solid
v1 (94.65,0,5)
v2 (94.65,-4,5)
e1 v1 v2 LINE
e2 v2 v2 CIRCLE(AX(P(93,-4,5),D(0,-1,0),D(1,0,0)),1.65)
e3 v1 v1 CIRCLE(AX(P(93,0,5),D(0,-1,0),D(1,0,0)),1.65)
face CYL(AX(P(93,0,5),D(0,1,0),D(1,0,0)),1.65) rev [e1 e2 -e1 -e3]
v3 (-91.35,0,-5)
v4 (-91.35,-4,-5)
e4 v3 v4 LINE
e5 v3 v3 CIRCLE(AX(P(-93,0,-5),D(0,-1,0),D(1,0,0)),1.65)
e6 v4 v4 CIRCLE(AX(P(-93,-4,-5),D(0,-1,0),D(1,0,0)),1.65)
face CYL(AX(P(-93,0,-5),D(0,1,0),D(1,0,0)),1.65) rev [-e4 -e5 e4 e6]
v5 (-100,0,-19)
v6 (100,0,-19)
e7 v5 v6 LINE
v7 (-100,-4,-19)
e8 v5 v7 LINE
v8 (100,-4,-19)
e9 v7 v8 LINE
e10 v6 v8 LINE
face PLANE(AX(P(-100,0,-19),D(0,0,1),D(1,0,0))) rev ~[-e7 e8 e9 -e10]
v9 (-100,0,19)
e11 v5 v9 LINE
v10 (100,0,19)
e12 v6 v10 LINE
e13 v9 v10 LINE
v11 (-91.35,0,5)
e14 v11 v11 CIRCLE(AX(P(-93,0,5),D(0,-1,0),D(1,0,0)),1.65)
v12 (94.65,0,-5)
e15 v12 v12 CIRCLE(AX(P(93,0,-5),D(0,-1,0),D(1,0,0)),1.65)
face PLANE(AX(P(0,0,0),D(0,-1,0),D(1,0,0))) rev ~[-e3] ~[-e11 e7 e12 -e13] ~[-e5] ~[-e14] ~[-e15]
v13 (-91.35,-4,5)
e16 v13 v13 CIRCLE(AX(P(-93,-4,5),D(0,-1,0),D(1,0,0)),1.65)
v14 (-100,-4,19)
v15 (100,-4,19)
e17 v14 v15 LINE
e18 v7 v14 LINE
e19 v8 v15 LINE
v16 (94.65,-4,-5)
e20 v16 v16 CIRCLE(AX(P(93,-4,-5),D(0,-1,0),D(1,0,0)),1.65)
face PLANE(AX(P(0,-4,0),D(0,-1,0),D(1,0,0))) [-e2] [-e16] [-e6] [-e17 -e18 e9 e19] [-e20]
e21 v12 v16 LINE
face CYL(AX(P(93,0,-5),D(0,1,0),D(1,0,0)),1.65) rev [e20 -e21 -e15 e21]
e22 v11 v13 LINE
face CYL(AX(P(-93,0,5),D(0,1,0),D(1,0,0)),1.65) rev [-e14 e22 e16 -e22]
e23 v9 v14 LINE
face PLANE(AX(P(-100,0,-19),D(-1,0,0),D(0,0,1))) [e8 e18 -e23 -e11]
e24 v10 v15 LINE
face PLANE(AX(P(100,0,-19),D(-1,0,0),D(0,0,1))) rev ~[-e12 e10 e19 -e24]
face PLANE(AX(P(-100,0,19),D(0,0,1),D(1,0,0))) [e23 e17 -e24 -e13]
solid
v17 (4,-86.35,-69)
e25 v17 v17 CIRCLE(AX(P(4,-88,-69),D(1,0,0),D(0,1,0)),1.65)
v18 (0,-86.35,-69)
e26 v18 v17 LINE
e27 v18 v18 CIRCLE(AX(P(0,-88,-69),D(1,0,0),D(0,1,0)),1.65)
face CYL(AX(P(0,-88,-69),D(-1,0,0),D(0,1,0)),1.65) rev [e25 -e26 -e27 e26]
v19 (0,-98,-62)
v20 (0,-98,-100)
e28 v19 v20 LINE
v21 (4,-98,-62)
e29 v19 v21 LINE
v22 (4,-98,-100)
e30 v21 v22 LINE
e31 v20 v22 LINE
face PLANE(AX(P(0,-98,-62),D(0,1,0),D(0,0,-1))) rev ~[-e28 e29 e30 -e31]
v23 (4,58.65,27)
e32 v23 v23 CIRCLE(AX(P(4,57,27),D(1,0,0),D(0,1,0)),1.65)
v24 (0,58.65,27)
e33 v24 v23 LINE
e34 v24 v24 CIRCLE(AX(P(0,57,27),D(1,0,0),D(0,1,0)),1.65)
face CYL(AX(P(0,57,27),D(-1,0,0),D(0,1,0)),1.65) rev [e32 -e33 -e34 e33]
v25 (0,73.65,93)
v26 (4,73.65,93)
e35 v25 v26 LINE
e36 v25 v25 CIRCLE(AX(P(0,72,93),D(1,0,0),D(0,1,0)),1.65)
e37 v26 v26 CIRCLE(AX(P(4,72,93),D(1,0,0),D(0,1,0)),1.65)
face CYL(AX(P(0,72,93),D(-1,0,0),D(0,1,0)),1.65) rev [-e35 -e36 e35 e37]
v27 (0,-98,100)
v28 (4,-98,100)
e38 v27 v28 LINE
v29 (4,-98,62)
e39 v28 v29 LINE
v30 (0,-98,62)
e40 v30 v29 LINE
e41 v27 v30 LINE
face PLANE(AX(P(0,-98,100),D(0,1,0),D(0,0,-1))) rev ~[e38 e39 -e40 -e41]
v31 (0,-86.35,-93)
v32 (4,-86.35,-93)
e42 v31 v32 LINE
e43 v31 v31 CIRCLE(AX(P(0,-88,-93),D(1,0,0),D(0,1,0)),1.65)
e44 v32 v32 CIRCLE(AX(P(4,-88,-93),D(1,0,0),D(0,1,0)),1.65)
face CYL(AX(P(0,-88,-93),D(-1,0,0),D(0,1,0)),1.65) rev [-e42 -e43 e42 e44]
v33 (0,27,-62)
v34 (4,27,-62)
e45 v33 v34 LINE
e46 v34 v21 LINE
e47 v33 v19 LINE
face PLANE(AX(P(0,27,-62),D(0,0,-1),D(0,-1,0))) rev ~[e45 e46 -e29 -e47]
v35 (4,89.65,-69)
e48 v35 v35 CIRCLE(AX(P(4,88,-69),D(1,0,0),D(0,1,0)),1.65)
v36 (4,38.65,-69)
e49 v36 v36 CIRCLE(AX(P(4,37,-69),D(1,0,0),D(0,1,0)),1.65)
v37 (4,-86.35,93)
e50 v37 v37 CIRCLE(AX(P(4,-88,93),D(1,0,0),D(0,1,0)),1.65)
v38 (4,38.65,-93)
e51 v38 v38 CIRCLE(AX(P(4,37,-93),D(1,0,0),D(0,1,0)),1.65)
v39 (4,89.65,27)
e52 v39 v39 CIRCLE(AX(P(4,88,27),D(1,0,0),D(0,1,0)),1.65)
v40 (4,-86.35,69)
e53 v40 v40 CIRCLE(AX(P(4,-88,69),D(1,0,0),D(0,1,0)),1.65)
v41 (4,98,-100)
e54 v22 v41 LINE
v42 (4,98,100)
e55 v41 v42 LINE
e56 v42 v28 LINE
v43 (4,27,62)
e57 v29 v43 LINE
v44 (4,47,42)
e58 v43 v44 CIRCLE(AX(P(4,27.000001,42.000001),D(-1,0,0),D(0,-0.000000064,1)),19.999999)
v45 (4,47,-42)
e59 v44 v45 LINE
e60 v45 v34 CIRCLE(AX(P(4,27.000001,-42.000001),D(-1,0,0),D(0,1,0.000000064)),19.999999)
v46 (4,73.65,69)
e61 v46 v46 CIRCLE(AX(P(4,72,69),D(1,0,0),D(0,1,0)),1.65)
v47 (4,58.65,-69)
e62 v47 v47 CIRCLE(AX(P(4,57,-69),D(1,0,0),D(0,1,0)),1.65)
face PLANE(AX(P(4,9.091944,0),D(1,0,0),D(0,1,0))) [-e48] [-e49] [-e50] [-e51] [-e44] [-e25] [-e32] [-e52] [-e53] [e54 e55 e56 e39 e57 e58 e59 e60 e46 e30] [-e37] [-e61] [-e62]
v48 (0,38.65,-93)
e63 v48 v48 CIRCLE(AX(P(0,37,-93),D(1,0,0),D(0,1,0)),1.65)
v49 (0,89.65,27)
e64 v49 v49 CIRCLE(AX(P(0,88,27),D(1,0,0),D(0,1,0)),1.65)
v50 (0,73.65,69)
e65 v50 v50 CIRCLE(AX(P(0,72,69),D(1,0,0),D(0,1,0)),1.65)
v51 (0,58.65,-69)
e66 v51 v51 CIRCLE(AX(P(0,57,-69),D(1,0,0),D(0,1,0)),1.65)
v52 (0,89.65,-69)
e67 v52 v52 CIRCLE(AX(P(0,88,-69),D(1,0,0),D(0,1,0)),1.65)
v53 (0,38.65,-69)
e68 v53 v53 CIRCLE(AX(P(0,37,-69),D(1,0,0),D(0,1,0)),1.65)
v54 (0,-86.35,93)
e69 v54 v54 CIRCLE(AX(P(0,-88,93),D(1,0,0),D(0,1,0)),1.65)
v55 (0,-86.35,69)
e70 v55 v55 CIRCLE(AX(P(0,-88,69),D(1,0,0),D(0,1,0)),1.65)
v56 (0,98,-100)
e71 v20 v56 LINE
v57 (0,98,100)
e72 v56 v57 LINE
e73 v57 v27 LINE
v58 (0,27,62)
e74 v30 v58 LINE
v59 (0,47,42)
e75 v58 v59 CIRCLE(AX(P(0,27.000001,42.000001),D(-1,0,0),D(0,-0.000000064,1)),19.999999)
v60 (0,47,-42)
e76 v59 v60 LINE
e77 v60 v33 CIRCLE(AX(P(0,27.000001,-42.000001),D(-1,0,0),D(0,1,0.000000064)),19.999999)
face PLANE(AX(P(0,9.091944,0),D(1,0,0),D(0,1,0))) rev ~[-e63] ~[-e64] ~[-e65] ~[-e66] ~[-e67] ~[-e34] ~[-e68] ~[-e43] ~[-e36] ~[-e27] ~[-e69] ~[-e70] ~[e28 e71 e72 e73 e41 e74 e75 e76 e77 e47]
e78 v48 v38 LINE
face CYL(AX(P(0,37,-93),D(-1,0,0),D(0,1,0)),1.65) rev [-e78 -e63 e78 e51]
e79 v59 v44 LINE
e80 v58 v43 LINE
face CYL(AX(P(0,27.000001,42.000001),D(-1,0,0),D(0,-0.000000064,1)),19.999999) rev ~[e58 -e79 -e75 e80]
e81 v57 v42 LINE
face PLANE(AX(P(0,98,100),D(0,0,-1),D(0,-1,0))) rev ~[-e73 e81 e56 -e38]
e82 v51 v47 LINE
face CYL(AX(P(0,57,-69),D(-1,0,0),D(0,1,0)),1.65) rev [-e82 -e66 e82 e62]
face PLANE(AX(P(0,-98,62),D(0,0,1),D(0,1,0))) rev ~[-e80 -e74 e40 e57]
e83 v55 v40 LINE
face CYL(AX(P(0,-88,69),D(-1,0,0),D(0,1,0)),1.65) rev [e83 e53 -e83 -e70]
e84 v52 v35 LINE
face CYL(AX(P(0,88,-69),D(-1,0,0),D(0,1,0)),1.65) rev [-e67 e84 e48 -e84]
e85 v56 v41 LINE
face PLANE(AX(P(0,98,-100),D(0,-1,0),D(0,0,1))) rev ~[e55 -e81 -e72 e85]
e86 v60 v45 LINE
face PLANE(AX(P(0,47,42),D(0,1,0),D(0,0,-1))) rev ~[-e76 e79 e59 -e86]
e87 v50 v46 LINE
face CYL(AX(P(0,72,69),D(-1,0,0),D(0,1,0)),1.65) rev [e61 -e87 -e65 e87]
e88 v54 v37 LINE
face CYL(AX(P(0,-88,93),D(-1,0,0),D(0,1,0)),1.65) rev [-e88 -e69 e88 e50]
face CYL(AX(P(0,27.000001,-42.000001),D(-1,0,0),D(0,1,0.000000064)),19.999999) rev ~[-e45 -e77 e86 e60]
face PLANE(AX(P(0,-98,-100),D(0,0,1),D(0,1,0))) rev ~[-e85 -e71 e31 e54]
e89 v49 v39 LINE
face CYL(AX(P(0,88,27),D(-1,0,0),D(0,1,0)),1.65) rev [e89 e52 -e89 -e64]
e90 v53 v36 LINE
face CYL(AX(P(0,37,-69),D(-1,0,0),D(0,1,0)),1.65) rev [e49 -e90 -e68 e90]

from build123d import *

# Parameters (mm, degrees)
F0_W     = 200
F0_H     = 38
F0_R     = 1.65
F1_DEPTH = 4
F2_R     = 1.65
F3_DEPTH = 4


with BuildPart() as f1:
    # F0 (on Front) → F1 (new body)
    with BuildSketch(Plane.XZ):
        Rectangle(F0_W, F0_H)
        with Locations((-93, -5)):
            Circle(F0_R, mode=Mode.SUBTRACT)
        with Locations((-93, 5)):
            Circle(F0_R, mode=Mode.SUBTRACT)
        with Locations((93, -5)):
            Circle(F0_R, mode=Mode.SUBTRACT)
        with Locations((93, 5)):
            Circle(F0_R, mode=Mode.SUBTRACT)
    extrude(amount=F1_DEPTH)


with BuildPart() as f3:
    # F2 (on Right) → F3 (new body)
    with BuildSketch(Plane.YZ):
        with BuildLine():
            Line((98, -100), (98, 100))
            Line((98, 100), (-98, 100))
            Line((-98, 100), (-98, 62))
            Line((-98, 62), (27, 62))
            ThreePointArc((27, 62), (41.142136, 56.142136), (47, 42))
            Line((47, 42), (47, -42))
            ThreePointArc((47, -42), (41.142136, -56.142136), (27, -62))
            Line((27, -62), (-98, -62))
            Line((-98, -62), (-98, -100))
            Line((-98, -100), (98, -100))
        make_face()
        with Locations((-88, -93)):
            Circle(F2_R, mode=Mode.SUBTRACT)
        with Locations((-88, -69)):
            Circle(F2_R, mode=Mode.SUBTRACT)
        with Locations((37, -93)):
            Circle(F2_R, mode=Mode.SUBTRACT)
        with Locations((37, -69)):
            Circle(F2_R, mode=Mode.SUBTRACT)
        with Locations((57, -69)):
            Circle(F2_R, mode=Mode.SUBTRACT)
        with Locations((88, -69)):
            Circle(F2_R, mode=Mode.SUBTRACT)
        with Locations((-88, 69)):
            Circle(F2_R, mode=Mode.SUBTRACT)
        with Locations((-88, 93)):
            Circle(F2_R, mode=Mode.SUBTRACT)
        with Locations((57, 27)):
            Circle(F2_R, mode=Mode.SUBTRACT)
        with Locations((88, 27)):
            Circle(F2_R, mode=Mode.SUBTRACT)
        with Locations((72, 69)):
            Circle(F2_R, mode=Mode.SUBTRACT)
        with Locations((72, 93)):
            Circle(F2_R, mode=Mode.SUBTRACT)
    extrude(amount=F3_DEPTH)


solid = Compound([f1.part, f3.part])
